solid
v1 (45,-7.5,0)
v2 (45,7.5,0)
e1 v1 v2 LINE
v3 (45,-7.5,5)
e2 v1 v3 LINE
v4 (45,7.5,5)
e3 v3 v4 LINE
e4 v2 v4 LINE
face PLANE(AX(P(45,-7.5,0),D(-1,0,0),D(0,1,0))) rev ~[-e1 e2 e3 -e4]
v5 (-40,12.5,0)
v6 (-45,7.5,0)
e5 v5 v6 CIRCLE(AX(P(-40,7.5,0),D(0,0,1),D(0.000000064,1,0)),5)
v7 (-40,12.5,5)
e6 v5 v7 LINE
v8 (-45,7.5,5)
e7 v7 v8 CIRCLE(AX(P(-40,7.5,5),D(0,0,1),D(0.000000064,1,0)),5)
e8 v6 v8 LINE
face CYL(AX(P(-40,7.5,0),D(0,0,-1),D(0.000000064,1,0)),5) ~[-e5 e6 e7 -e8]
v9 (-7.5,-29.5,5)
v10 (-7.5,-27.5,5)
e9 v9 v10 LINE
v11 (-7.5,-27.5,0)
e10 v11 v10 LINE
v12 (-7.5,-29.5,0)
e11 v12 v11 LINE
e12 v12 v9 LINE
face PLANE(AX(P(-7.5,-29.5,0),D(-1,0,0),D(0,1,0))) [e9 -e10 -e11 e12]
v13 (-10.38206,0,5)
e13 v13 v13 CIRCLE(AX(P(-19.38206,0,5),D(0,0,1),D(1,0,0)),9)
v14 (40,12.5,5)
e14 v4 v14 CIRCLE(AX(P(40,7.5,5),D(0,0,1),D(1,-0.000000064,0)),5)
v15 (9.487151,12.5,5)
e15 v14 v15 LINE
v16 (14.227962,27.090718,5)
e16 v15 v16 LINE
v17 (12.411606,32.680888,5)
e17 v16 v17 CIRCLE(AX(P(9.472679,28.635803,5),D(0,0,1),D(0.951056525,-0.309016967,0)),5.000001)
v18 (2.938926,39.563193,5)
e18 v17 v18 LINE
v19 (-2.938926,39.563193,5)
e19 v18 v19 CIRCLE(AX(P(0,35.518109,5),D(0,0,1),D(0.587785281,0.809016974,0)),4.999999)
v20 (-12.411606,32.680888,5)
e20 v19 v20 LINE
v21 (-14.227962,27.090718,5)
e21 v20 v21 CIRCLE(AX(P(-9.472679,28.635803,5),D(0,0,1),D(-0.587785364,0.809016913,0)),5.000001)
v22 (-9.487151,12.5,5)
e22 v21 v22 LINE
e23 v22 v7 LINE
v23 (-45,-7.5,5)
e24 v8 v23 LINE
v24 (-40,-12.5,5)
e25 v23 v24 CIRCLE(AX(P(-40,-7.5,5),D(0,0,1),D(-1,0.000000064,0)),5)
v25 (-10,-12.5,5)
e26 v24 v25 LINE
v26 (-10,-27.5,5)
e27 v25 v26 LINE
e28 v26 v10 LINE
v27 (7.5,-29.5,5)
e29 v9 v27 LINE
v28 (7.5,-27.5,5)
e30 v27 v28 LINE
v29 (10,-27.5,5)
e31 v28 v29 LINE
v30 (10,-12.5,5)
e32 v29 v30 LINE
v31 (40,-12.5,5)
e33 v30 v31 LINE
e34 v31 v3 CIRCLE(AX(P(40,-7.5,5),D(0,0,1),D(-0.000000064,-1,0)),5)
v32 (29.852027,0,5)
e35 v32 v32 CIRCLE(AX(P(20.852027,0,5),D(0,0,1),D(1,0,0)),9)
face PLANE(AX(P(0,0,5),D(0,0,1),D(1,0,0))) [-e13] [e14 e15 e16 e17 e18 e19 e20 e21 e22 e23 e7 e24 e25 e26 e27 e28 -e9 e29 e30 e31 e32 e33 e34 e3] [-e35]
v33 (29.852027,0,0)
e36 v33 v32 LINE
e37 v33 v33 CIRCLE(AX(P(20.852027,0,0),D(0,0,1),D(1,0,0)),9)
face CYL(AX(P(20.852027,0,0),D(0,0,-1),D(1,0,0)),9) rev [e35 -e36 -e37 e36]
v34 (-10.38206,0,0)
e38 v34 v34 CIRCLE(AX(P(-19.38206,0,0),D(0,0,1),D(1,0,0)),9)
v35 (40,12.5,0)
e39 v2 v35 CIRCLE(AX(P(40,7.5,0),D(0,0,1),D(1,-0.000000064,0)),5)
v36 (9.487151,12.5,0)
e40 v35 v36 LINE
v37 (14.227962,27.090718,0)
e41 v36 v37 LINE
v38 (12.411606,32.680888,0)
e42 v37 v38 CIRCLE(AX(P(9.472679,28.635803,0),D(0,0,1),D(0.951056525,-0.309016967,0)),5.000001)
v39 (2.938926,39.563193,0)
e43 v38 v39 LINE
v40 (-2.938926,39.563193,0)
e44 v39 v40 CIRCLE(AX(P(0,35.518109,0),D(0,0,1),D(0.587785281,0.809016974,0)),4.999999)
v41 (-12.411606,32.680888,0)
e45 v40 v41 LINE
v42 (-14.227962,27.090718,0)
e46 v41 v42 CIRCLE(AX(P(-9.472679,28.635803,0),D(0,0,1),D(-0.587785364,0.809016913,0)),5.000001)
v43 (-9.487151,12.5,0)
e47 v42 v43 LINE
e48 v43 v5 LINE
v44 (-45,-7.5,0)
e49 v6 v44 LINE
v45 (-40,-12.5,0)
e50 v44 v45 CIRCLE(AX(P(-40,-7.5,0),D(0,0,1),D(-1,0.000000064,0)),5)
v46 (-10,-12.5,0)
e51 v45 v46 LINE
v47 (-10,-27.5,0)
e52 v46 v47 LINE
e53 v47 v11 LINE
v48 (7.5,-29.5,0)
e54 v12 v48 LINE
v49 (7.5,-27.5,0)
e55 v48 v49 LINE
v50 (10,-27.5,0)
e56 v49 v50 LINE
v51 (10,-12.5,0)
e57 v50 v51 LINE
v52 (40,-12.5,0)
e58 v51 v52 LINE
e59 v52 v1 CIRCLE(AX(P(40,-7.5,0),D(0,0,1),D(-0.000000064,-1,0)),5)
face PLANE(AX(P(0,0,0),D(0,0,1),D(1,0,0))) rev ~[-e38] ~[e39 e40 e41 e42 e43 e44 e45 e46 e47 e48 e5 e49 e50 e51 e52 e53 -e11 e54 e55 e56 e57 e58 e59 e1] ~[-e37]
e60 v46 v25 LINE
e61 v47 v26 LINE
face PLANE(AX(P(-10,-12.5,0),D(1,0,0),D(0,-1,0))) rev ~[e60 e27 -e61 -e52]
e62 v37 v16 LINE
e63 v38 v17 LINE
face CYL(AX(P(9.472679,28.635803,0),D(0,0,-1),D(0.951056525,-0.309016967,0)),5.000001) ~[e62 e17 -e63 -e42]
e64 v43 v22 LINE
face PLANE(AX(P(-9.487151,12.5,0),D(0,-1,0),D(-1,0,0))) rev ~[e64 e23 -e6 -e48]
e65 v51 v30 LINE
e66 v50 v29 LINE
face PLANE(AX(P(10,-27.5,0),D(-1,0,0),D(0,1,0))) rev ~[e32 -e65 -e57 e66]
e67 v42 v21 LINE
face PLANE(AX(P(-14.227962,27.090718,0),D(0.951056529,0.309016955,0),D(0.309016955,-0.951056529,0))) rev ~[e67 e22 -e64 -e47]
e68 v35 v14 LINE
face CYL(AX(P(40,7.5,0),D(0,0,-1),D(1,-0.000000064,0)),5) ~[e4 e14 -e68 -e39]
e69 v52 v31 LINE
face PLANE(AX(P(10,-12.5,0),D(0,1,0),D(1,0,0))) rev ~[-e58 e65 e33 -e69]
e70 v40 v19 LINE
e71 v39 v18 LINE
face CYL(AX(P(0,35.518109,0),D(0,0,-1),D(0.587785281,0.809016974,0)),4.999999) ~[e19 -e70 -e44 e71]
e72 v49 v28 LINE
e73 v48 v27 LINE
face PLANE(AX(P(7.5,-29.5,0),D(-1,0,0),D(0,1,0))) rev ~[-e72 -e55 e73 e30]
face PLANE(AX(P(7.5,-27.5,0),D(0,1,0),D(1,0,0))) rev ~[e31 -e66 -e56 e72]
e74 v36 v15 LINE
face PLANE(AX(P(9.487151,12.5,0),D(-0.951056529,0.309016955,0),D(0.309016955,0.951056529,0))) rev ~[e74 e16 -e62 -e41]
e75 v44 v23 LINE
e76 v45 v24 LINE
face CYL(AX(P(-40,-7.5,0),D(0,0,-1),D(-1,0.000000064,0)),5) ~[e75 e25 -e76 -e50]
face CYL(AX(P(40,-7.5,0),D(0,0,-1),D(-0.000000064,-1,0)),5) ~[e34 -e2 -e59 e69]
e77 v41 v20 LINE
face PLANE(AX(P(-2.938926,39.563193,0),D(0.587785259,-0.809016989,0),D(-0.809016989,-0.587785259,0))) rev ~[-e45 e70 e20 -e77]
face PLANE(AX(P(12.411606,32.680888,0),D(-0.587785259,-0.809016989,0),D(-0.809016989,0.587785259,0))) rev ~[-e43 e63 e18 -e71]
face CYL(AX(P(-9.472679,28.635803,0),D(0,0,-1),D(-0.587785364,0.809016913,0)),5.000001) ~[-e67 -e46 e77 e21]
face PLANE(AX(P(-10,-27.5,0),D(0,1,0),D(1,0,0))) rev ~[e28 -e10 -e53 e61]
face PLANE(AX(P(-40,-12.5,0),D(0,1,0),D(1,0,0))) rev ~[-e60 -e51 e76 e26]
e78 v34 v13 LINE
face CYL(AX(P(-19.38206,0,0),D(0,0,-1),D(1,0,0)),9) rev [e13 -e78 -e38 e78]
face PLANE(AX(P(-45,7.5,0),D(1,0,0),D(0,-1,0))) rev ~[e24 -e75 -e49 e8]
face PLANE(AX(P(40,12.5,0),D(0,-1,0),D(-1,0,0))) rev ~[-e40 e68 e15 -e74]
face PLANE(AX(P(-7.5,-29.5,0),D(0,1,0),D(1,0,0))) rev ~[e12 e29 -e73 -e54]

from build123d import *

# Parameters (mm, degrees)
F0_R     = 9
F0_W     = 15
F0_H     = 2
F1_DEPTH = 5


with BuildPart() as f1:
    # F0 (on Top) → F1 (new body)
    with BuildSketch(Plane.XY):
        with BuildLine():
            Line((-9.487151, 12.5), (-40, 12.5))
            ThreePointArc((-40, 12.5), (-43.535534, 11.035534), (-45, 7.5))
            Line((-45, 7.5), (-45, -7.5))
            ThreePointArc((-45, -7.5), (-43.535534, -11.035534), (-40, -12.5))
            Line((-40, -12.5), (-10, -12.5))
            Line((-10, -12.5), (10, -12.5))
            Line((10, -12.5), (40, -12.5))
            ThreePointArc((40, -12.5), (43.535534, -11.035534), (45, -7.5))
            Line((45, -7.5), (45, 7.5))
            ThreePointArc((45, 7.5), (43.535534, 11.035534), (40, 12.5))
            Line((40, 12.5), (9.487151, 12.5))
            Line((9.487151, 12.5), (-9.487151, 12.5))
        make_face()
        with Locations((-19.38206, 0)):
            Circle(F0_R, mode=Mode.SUBTRACT)
        with Locations((20.852027, 0)):
            Circle(F0_R, mode=Mode.SUBTRACT)
        with BuildLine():
            Line((-14.227962, 27.090718), (-9.487151, 12.5))
            Line((-9.487151, 12.5), (9.487151, 12.5))
            Line((9.487151, 12.5), (14.227962, 27.090718))
            ThreePointArc((14.227962, 27.090718), (14.227962, 30.180888), (12.411606, 32.680888))
            Line((12.411606, 32.680888), (2.938926, 39.563193))
            ThreePointArc((2.938926, 39.563193), (0, 40.518108), (-2.938926, 39.563193))
            Line((-2.938926, 39.563193), (-12.411606, 32.680888))
            ThreePointArc((-12.411606, 32.680888), (-14.227962, 30.180888), (-14.227962, 27.090718))
        make_face()
        Polygon((10, -12.5), (-10, -12.5), (-10, -27.5), (-7.5, -27.5), (7.5, -27.5), (10, -27.5), align=None)
        with Locations((0, -28.5)):
            Rectangle(F0_W, F0_H)
    extrude(amount=F1_DEPTH)


solid = f1.part
